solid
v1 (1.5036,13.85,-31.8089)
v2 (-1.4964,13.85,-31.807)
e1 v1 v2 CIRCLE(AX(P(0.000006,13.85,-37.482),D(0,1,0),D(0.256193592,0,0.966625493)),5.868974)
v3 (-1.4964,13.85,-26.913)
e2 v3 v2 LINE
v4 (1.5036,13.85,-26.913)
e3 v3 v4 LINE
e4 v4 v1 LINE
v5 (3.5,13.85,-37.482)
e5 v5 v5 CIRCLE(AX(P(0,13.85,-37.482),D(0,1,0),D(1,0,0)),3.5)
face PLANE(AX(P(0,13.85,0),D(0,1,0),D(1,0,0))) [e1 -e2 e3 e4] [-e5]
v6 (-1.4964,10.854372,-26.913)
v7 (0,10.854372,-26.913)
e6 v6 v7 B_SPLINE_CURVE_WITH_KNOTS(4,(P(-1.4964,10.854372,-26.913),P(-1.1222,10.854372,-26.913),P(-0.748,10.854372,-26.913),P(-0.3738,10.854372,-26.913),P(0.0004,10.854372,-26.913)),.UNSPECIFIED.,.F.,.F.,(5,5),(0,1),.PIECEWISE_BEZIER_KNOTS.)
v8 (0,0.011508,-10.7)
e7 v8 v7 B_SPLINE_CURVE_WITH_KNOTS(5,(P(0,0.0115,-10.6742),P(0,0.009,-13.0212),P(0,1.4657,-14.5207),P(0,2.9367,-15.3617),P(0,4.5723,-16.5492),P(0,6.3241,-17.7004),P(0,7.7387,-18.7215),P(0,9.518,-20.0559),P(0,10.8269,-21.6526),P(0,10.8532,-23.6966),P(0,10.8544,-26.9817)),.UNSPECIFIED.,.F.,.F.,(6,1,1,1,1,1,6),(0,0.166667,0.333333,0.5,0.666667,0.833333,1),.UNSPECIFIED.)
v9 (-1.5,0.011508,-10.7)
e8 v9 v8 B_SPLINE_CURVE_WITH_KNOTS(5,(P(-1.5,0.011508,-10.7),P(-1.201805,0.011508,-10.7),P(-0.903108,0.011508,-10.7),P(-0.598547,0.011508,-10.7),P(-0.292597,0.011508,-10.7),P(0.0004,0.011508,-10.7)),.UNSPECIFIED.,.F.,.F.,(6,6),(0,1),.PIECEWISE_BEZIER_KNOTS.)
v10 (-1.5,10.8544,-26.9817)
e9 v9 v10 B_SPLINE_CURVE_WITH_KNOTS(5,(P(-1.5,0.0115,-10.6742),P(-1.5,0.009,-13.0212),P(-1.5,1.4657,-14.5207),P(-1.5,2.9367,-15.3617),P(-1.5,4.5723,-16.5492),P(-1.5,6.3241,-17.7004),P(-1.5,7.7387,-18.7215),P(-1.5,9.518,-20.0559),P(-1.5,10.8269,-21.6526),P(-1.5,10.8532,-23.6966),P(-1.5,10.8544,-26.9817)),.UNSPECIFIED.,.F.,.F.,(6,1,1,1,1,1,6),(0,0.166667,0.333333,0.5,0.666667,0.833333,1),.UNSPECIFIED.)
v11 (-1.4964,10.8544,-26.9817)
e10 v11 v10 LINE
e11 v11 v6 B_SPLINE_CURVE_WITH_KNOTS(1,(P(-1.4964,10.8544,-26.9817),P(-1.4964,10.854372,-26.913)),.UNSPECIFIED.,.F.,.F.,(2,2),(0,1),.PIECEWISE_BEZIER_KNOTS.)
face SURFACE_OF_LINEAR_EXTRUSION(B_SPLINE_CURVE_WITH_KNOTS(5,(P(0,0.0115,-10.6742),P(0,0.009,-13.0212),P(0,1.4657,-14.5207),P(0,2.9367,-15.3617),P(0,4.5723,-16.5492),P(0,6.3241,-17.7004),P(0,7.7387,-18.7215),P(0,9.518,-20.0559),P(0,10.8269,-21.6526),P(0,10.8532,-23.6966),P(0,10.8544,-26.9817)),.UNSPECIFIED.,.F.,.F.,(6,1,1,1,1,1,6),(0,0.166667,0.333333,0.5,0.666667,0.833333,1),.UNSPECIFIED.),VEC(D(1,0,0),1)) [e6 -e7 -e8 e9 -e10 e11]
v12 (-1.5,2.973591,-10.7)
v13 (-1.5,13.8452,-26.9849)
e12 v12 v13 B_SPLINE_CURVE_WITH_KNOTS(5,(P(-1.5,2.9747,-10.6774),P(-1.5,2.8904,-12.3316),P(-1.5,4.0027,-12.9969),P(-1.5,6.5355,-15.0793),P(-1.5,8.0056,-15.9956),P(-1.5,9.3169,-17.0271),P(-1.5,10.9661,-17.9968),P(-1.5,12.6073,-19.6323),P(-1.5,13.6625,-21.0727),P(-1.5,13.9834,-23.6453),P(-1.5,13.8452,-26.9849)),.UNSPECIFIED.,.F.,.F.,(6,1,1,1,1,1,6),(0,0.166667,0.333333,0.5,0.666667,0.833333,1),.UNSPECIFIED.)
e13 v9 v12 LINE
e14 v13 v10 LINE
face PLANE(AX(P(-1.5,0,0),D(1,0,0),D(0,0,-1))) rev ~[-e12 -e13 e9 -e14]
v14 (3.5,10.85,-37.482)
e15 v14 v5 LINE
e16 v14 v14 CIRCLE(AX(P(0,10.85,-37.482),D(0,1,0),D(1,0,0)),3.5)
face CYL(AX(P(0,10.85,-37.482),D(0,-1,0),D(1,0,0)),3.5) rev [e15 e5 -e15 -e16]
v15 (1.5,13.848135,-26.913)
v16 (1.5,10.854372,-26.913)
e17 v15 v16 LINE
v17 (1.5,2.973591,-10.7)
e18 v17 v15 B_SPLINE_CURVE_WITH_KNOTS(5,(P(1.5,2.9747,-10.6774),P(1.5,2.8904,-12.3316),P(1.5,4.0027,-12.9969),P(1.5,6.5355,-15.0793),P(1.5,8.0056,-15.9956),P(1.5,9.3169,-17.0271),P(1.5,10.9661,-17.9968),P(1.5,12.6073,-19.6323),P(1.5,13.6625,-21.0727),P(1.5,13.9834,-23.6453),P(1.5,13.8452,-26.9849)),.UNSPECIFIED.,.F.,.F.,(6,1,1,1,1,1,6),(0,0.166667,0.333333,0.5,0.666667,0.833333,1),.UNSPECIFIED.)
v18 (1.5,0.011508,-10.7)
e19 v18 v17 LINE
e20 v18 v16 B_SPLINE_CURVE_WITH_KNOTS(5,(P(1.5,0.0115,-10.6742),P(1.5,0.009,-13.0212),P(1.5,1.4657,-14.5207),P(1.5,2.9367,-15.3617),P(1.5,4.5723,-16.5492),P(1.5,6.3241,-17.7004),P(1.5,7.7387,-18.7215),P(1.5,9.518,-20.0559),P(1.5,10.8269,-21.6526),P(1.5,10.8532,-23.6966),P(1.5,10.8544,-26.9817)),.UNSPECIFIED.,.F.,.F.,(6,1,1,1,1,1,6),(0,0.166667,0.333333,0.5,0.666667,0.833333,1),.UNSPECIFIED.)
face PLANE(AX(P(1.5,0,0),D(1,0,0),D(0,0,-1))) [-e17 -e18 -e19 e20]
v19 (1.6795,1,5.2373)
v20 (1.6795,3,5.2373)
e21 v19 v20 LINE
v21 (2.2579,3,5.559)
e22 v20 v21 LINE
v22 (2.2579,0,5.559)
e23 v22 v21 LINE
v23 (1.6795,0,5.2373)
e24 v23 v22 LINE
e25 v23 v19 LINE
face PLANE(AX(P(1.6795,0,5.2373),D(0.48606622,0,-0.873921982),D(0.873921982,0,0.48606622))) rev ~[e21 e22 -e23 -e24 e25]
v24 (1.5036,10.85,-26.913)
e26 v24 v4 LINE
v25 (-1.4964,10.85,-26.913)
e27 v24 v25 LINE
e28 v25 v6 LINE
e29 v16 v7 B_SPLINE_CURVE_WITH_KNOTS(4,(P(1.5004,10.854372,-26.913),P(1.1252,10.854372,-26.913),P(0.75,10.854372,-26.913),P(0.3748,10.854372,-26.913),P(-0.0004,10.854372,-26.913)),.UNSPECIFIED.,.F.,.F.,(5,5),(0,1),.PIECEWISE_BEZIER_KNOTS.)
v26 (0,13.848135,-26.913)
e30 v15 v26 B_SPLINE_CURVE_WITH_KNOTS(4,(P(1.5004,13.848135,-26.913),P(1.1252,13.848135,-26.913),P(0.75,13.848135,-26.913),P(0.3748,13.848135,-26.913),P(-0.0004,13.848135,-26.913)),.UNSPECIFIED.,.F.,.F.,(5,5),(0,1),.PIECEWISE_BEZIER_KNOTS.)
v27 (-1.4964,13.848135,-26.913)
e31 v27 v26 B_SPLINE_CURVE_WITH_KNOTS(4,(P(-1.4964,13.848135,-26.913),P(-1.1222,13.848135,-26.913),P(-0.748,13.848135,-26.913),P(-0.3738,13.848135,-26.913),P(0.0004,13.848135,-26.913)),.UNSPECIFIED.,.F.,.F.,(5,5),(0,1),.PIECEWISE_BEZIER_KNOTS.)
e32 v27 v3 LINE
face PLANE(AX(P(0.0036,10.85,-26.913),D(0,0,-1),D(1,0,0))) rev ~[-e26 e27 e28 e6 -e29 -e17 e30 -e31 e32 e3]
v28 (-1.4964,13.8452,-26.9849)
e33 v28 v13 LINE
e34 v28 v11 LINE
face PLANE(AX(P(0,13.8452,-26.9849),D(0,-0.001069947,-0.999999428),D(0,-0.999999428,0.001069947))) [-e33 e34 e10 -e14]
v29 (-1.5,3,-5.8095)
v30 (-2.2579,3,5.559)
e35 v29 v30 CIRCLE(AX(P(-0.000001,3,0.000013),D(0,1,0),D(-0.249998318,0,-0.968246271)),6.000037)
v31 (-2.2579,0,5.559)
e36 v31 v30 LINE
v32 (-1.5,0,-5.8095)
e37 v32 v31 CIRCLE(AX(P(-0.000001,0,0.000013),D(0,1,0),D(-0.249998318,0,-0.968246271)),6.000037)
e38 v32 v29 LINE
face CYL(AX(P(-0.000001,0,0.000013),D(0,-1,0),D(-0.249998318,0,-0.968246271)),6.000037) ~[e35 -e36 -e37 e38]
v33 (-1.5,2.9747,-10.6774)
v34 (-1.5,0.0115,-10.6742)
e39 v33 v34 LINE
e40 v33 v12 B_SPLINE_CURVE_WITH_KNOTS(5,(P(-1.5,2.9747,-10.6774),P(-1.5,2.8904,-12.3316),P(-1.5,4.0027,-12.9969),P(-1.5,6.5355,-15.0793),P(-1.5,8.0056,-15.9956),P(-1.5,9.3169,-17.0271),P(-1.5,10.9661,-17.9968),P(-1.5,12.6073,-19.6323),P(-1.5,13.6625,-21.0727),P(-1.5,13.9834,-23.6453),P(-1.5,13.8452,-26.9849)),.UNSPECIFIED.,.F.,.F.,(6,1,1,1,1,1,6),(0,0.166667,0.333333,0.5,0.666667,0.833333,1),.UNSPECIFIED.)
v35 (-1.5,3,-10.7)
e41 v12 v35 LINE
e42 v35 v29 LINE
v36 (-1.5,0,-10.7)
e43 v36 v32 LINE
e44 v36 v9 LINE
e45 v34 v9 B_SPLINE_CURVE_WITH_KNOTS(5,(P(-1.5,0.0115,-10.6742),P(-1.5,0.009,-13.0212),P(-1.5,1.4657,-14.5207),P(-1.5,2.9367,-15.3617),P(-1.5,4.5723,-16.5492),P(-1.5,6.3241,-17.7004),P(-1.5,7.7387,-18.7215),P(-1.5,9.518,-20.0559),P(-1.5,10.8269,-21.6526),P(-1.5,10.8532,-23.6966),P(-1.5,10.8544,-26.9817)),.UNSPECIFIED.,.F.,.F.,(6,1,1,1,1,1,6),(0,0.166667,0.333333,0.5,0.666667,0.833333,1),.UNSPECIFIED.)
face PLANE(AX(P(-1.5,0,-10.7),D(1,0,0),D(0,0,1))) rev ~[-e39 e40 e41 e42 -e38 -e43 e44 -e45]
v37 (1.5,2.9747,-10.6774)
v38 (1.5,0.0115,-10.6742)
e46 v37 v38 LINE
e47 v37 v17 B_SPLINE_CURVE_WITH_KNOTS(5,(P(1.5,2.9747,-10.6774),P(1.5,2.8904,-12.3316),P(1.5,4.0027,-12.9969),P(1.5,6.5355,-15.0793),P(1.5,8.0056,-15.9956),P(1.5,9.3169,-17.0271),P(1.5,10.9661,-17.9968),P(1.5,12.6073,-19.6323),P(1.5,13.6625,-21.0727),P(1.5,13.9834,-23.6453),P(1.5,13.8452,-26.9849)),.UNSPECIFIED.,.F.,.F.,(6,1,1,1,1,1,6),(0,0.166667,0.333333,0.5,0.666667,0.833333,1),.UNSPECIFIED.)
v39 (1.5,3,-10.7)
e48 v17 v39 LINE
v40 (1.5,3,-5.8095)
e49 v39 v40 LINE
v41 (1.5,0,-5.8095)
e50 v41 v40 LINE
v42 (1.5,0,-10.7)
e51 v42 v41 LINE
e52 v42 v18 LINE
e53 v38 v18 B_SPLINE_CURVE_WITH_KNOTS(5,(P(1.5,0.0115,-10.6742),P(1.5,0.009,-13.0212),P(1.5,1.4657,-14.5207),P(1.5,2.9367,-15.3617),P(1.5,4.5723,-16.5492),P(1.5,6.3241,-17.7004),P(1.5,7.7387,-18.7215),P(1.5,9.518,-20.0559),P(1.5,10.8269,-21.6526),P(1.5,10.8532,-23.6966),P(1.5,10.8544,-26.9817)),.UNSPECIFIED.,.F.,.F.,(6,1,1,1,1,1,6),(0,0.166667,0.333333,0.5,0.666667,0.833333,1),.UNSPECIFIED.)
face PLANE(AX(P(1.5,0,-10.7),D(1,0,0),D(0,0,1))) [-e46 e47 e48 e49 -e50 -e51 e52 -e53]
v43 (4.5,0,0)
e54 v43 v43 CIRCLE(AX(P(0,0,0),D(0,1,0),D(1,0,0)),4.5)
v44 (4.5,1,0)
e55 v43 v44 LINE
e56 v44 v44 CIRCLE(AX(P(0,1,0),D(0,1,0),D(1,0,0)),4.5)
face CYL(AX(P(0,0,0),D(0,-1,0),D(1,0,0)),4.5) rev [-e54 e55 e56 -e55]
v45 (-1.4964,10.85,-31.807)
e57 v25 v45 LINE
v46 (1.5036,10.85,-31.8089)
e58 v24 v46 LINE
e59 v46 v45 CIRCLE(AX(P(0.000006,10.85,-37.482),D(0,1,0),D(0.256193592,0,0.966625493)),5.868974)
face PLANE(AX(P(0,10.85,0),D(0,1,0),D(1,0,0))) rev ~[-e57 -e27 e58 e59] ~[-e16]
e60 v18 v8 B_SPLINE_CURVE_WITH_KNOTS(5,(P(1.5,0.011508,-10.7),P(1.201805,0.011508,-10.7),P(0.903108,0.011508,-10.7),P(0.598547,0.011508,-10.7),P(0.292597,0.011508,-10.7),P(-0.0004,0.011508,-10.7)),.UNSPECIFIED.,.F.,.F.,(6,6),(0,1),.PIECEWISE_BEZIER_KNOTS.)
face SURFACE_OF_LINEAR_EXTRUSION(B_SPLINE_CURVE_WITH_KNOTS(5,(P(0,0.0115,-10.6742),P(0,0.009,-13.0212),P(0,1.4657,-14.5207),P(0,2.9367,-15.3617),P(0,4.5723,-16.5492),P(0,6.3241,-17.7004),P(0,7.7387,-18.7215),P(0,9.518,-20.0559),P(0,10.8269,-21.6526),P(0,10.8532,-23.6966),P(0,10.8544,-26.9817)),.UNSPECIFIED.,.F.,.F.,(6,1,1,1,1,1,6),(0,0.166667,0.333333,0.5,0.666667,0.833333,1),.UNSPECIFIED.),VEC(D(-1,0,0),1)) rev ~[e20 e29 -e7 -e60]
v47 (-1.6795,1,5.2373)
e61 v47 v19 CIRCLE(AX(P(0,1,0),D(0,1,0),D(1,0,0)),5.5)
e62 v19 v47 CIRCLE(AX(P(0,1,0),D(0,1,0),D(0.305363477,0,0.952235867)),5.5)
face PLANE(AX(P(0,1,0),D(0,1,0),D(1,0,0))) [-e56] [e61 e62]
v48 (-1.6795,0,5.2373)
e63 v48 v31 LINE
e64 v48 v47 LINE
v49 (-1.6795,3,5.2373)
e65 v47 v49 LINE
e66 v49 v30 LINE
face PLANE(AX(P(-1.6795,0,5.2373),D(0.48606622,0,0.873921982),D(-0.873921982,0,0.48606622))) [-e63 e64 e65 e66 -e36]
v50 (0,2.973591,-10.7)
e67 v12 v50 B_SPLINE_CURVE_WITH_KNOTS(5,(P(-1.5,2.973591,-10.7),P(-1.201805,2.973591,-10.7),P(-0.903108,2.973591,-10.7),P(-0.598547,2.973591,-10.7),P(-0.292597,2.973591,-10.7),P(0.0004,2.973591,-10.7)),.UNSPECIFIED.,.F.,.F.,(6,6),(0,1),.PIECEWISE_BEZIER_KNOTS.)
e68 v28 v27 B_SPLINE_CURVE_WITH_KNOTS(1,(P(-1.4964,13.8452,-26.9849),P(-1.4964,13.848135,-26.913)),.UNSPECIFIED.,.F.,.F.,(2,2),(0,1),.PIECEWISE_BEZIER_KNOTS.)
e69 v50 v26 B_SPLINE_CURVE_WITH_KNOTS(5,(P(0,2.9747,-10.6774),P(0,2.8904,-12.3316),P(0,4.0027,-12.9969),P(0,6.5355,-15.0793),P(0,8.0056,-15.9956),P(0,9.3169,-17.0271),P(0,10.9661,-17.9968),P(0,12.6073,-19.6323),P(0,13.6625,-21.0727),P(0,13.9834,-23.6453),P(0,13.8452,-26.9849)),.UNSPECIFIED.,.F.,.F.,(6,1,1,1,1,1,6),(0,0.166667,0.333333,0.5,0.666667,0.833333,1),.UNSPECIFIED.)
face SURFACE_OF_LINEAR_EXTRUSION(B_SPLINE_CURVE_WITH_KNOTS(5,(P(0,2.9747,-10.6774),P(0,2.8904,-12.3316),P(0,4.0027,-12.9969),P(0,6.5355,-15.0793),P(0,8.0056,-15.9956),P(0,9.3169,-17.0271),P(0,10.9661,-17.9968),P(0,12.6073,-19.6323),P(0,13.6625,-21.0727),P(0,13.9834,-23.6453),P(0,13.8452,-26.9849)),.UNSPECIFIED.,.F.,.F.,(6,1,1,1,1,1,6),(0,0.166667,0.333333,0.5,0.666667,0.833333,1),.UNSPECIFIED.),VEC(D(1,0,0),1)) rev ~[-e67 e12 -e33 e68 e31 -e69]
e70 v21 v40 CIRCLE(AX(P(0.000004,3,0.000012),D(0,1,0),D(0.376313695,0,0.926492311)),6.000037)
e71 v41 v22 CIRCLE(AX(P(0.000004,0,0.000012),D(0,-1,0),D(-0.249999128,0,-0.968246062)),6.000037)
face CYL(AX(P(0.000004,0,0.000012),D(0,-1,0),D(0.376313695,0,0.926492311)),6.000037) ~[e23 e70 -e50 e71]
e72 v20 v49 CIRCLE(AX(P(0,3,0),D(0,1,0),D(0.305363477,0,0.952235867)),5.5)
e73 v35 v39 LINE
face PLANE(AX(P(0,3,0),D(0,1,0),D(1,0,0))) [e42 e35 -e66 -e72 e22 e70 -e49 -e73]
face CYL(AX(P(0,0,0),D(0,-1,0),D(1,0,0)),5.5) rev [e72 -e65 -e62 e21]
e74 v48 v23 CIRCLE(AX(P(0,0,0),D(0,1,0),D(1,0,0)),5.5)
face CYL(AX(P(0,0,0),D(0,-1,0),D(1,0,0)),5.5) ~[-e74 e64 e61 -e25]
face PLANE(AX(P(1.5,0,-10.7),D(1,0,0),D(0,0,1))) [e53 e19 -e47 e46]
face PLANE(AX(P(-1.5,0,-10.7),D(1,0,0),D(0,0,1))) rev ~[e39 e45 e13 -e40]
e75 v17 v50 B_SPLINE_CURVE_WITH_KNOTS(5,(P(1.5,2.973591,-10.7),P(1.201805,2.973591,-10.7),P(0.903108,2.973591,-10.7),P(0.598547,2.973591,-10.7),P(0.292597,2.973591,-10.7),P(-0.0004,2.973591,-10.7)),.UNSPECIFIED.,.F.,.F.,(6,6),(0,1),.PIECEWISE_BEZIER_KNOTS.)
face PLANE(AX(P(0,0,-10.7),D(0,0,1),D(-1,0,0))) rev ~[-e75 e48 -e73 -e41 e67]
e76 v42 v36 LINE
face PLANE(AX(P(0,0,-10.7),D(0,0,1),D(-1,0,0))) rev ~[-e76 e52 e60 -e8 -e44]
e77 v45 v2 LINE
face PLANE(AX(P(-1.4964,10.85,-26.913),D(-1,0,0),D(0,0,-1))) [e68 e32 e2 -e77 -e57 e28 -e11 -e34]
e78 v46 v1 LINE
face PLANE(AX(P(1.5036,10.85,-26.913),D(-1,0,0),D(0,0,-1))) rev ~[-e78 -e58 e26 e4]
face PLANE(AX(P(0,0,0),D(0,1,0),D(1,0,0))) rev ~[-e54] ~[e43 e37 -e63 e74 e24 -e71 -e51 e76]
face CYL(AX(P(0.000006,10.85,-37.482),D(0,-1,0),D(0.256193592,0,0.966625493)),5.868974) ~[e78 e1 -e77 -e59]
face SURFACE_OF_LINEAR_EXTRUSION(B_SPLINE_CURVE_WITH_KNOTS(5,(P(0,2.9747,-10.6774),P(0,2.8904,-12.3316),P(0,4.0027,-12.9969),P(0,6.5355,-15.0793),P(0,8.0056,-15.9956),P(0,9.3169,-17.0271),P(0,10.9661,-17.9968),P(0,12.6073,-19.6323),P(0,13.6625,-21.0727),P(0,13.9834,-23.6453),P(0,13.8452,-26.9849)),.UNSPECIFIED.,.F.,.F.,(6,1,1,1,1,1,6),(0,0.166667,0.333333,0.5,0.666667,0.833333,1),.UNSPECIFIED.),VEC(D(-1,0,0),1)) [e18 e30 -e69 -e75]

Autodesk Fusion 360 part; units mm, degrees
sketch "Counter holder" plane through (0, 0, 0) normal (0, 1, 0) x (1, 0, 0)
  line L0 (1.6795, -5.2373) -> (2.2579, -5.559)
  circle A0 centre (0, 0) radius 4.5
  line L1 (-1.6795, -5.2373) -> (-2.2579, -5.559)
  circle A1 centre (0, 0) radius 5.5
  arc A2 (2.2579, -5.559) -> (-1.5, 5.8095) centre (0, 0) ccw
  line L2 (0, 10.7) -> (-1.5, 10.7)
  line L3 (0, 10.7) -> (1.5, 10.7)
  arc A3 (-1.5, 5.8095) -> (-2.2579, -5.559) centre (0, 0) ccw
  line L4 (1.5, 10.7) -> (1.5, 5.8095)
  line L5 (-1.5, 10.7) -> (-1.5, 5.8095)
  point P0 (2.6505, 5.3709)
  dimension "d2" = 11
  dimension "d3" = 9
  dimension "d25" = 12
  dimension "d28" = 1.5
  dimension "d29" = 1.5
ref_plane "WorkPlane1" through (0, 10.85, 0) normal (0, 1, 0) x (1, 0, 0)
sketch "Servo holder" plane through (0, 10.85, 0) normal (0, 1, 0) x (1, 0, 0)
  circle A0 centre (0, 37.482) radius 3.5
  line L0 (0.0036, 26.913) -> (-1.4964, 26.913)
  line L1 (-1.4964, 26.913) -> (0.0036, 26.913)
  line L2 (0.0036, 26.913) -> (1.5036, 26.913)
  line L3 (1.5036, 26.913) -> (1.5036, 31.8089)
  line L4 (-1.4964, 26.913) -> (-1.4964, 31.807)
  arc A1 (-1.4964, 31.807) -> (1.5036, 31.8089) centre (0, 37.482) ccw
  arc A2 (1.5036, 31.8089) -> (-1.4964, 31.807) centre (0, 37.482) ccw
  point P0 (2.4711, 32.1586)
  point P1 (-2.4665, 32.1565)
  dimension "d6" = 11.738
  dimension "d7" = 7
  dimension "d31" = 1.5
  dimension "d32" = 1.5
extrude "Extrude4" add sketch "Counter holder" along normal blind 1 contours A1 makes body 1
extrude "Extrude5" add sketch "Counter holder" along normal blind 3 contours L0 L1 A1 A2 A3 bodies 1
extrude "Extrude6" add sketch "Counter holder" along normal blind 3 contours A2 L2 L3 L4 L5 bodies 1
extrude "Extrude7" add sketch "Servo holder" along normal blind 3 separate body contours A1 A2 makes body 2
extrude "Extrude8" add sketch "Servo holder" along normal blind 3 contours L0 L1 L2 L3 L4 A1 bodies 2
sketch "Connection" plane through (0, 0, 0) normal (1, 0, 0) x (0, 0, -1)
  line L0 (10.6742, 0.0115) -> (13.0212, 0.009) construction
  line L1 (13.0212, 0.009) -> (14.5207, 1.4657) construction
  line L2 (14.5207, 1.4657) -> (15.3617, 2.9367) construction
  line L3 (15.3617, 2.9367) -> (16.5492, 4.5723) construction
  line L4 (16.5492, 4.5723) -> (17.7004, 6.3241) construction
  line L5 (17.7004, 6.3241) -> (18.7215, 7.7387) construction
  line L6 (18.7215, 7.7387) -> (20.0559, 9.518) construction
  line L7 (20.0559, 9.518) -> (21.6526, 10.8269) construction
  line L8 (21.6526, 10.8269) -> (23.6966, 10.8532) construction
  line L9 (23.6966, 10.8532) -> (26.9817, 10.8544) construction
  spline S0 degree 5 poles (10.6742, 0.0115) (13.0212, 0.009) (14.5207, 1.4657) (15.3617, 2.9367) (16.5492, 4.5723) (17.7004, 6.3241) (18.7215, 7.7387) (20.0559, 9.518) (21.6526, 10.8269) (23.6966, 10.8532) (26.9817, 10.8544) knots 0 0 0 0 0 0 0.166667 0.333333 0.5 0.666667 0.833333 1 1 1 1 1 1
  spline S1 degree 5 poles (10.6774, 2.9747) (12.3316, 2.8904) (12.9969, 4.0027) (15.0793, 6.5355) (15.9956, 8.0056) (17.0271, 9.3169) (17.9968, 10.9661) (19.6323, 12.6073) (21.0727, 13.6625) (23.6453, 13.9834) (26.9849, 13.8452) knots 0 0 0 0 0 0 0.166667 0.333333 0.5 0.666667 0.833333 1 1 1 1 1 1
  line L10 (10.6774, 2.9747) -> (12.3316, 2.8904) construction
  line L11 (12.3316, 2.8904) -> (12.9969, 4.0027) construction
  line L12 (12.9969, 4.0027) -> (15.0793, 6.5355) construction
  line L13 (15.0793, 6.5355) -> (15.9956, 8.0056) construction
  line L14 (15.9956, 8.0056) -> (17.0271, 9.3169) construction
  line L15 (17.0271, 9.3169) -> (17.9968, 10.9661) construction
  line L16 (17.9968, 10.9661) -> (19.6323, 12.6073) construction
  line L17 (19.6323, 12.6073) -> (21.0727, 13.6625) construction
  line L18 (21.0727, 13.6625) -> (23.6453, 13.9834) construction
  line L19 (23.6453, 13.9834) -> (26.9849, 13.8452) construction
  line L20 (10.6774, 2.9747) -> (10.6742, 0.0115)
  line L21 (26.9849, 13.8452) -> (26.9817, 10.8544)
extrude "Extrude9" add sketch "Connection" along normal mid plane 3 bodies 1 2
